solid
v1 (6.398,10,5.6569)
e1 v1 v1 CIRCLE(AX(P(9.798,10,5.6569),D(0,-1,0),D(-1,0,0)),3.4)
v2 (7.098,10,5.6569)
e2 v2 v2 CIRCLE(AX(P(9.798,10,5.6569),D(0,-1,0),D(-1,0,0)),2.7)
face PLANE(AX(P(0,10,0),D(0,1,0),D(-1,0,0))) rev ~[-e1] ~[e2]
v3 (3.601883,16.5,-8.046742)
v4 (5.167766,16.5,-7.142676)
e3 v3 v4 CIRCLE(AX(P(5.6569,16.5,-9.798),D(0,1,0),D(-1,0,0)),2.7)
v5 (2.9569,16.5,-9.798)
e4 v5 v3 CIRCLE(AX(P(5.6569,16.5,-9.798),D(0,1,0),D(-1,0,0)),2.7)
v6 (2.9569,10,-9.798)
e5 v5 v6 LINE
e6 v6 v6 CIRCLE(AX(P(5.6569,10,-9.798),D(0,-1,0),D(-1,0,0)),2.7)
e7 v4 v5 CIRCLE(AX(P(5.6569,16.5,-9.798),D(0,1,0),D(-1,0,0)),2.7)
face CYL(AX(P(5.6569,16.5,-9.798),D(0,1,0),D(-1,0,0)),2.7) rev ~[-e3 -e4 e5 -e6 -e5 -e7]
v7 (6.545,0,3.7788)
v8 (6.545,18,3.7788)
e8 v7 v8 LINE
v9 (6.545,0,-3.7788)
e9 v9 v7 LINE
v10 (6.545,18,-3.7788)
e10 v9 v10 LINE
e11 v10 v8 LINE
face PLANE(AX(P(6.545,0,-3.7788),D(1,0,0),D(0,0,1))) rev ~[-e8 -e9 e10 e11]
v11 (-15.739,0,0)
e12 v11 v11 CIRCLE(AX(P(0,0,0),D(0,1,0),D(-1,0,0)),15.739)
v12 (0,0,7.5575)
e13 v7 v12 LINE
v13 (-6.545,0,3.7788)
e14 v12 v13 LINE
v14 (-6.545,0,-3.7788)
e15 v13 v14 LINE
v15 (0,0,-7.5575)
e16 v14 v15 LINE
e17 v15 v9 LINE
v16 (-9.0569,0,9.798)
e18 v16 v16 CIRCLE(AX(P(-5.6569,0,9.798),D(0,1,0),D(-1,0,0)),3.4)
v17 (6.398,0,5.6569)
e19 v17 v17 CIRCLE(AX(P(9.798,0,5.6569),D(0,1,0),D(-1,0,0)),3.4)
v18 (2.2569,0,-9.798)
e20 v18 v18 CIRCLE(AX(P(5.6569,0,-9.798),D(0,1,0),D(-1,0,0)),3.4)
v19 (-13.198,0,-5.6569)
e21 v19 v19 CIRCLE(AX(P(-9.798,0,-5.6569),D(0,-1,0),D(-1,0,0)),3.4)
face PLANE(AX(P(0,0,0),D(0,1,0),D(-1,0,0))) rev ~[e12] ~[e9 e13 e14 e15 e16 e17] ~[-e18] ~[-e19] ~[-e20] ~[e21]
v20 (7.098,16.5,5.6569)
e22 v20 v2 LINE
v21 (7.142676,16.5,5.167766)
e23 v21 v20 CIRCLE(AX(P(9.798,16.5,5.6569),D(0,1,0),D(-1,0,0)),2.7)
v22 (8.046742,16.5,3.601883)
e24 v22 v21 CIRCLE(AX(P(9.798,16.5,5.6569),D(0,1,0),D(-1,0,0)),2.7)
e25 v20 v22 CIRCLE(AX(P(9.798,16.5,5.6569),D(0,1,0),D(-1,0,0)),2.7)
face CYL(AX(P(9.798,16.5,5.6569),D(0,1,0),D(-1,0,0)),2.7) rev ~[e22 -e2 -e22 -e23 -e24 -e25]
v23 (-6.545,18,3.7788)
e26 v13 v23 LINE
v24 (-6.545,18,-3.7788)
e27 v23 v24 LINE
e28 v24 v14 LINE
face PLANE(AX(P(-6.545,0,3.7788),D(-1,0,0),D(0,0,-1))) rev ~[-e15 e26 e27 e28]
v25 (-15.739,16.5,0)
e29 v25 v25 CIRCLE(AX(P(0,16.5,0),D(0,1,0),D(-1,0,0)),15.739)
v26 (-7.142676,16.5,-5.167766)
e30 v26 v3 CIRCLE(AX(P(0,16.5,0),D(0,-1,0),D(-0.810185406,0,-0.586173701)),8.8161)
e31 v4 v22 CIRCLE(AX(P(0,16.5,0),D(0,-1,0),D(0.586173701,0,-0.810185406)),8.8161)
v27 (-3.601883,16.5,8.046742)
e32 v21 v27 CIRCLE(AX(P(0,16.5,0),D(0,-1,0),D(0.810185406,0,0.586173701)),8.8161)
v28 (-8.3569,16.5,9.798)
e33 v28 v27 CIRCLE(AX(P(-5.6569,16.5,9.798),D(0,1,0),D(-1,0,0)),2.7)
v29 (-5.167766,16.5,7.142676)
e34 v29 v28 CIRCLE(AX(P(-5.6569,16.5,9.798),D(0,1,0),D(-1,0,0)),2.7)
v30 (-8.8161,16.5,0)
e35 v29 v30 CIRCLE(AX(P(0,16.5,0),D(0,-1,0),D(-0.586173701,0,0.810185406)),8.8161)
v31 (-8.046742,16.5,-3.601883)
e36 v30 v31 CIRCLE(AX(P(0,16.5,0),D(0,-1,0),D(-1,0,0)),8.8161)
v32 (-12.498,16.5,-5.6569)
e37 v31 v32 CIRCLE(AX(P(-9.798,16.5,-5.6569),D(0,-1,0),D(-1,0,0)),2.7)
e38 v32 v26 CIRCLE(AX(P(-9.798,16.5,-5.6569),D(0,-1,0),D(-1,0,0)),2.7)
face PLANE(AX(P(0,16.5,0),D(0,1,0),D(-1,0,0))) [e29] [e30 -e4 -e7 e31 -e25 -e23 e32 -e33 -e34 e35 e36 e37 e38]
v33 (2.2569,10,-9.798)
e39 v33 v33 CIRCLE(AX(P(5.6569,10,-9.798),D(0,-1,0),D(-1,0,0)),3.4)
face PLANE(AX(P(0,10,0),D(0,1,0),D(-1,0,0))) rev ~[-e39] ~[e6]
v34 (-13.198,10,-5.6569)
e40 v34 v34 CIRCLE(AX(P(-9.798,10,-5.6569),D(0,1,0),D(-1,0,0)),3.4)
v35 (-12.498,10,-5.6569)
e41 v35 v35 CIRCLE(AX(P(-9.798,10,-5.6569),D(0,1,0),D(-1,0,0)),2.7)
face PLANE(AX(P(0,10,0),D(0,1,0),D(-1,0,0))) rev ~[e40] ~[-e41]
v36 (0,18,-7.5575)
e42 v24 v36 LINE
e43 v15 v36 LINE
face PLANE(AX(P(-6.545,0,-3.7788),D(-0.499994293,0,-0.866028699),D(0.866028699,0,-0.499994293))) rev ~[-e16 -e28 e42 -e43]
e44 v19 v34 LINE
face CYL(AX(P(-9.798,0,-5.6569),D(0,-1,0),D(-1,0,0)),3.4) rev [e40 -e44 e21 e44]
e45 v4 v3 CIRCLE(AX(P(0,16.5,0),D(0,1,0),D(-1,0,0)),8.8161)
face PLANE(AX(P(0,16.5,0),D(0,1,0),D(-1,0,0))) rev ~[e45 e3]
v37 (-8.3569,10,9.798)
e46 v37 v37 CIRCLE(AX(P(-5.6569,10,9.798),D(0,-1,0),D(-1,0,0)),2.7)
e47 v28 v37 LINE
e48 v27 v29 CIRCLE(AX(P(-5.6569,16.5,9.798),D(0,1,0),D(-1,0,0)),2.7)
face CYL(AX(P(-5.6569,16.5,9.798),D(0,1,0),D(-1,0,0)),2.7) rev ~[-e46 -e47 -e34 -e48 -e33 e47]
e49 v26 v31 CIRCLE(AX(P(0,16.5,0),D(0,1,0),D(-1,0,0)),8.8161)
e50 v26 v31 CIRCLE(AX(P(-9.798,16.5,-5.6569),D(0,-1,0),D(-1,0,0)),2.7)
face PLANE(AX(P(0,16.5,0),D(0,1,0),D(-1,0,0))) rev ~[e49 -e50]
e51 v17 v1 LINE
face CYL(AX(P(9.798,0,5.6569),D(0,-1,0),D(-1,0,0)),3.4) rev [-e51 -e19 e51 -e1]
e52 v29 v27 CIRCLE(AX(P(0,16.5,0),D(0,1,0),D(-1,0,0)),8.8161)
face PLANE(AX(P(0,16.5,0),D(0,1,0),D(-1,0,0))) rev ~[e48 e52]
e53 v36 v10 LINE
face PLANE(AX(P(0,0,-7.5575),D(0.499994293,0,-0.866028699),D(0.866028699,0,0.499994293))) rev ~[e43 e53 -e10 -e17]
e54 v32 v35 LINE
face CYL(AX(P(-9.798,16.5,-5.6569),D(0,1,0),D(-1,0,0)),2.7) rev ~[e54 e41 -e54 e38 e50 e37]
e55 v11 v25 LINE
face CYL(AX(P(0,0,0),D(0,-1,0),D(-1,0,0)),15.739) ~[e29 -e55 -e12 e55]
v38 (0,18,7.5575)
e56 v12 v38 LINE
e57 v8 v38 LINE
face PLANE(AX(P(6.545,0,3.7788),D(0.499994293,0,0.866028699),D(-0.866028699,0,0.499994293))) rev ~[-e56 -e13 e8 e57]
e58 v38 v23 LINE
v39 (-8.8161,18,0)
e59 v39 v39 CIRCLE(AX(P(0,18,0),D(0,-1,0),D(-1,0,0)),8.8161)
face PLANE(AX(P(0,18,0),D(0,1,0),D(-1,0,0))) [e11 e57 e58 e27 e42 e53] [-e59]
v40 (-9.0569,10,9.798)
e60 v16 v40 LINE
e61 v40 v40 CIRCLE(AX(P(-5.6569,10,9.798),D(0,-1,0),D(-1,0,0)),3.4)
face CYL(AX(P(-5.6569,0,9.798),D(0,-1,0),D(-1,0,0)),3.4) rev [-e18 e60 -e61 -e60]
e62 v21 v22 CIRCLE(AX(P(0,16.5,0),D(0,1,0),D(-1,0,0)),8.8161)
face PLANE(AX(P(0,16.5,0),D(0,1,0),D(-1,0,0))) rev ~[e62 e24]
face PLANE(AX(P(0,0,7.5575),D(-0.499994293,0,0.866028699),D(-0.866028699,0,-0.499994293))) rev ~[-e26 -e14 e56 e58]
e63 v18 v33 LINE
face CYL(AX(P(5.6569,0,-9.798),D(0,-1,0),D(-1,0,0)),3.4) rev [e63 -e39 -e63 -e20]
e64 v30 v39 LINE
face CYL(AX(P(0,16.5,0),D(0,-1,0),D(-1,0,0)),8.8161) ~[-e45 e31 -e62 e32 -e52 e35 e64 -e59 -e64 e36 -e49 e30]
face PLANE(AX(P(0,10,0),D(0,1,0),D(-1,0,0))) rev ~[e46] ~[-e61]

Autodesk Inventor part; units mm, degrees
ref_plane "YZ Plane" through (0, 0, 0) normal (1, 0, 0) x (0, 1, 0)
ref_plane "XZ Plane" through (0, 0, 0) normal (0, 1, 0) x (-1, 0, 0)
sketch "Sketch1" plane through (0, 0, 0) normal (0, 1, 0) x (-1, 0, 0)
  circle A0 centre (9.798, -5.6569) radius 3.4
  circle A1 centre (0, 0) radius 15.739
  line L0 (0, -7.5575) -> (-6.545, -3.7788)
  line L1 (-6.545, -3.7788) -> (-6.545, 3.7788)
  line L2 (-6.545, 3.7788) -> (0, 7.5575)
  line L3 (0, 7.5575) -> (6.545, 3.7788)
  line L4 (6.545, 3.7788) -> (6.545, -3.7788)
  line L5 (6.545, -3.7788) -> (0, -7.5575)
  circle A2 centre (5.6569, 9.798) radius 3.4
  circle A3 centre (-9.798, 5.6569) radius 3.4
  circle A4 centre (-5.6569, -9.798) radius 3.4
  circle A5 centre (5.6569, 9.798) radius 1.86 projected
  circle A6 centre (0, 0) radius 8.8161
  circle A7 centre (5.6569, 9.798) radius 2.7
  circle A8 centre (-9.798, 5.6569) radius 2.7
  circle A9 centre (-5.6569, -9.798) radius 2.7
  circle A10 centre (9.798, -5.6569) radius 2.7
  point P0 (0, 0)
  dimension "d0" = 31.478
  dimension "d3" = 13.09
  dimension "d4" = 6.8
  dimension "d7" = 360
  dimension "d13" = 5.4
  dimension "d16" = 360
extrude "Extrusion1" add sketch "Sketch1" along normal blind 16.5 contours A0 A6 A4 A3 A2 | A1
ref_plane "Work Plane1" through (-24.2096, 24.4273, -24.2096) normal (0, 1, 0) x (0.0853, 0, 0.9964)
extrude "Extrusion2" add sketch "Sketch1" along normal blind 1.5 from surface at 16.5 contours A6 A10 A0 | A0 A6 A4 A3 A2 | A6 A10 | A6 A9 A4 | A2 A6 A7 | A6 A9 | A7 A6 | A6 A8 A3 | A6 A8 picked at (7.7135, -3.2903) picked at (7.577, -4.2584) picked at (-3.2903, -7.7135) picked at (5.035, 6.7062) picked at (-4.2584, -7.577) picked at (4.4327, 7.4764) picked at (-6.8562, 4.5301) picked at (-7.577, 4.2584)
extrude "Extrusion4" add sketch "Sketch1" against normal blind 6.5 from surface at 16.5 contours A0 A6 A10 | A6 A10 A0 | A6 A9 A4 | A4 A6 A9 | A6 A7 A2 | A2 A6 A7 | A6 A8 A3 | A3 A6 A8
properties part number "GoBilda Mech Hub 0500 Hex Spacer  inserts"
